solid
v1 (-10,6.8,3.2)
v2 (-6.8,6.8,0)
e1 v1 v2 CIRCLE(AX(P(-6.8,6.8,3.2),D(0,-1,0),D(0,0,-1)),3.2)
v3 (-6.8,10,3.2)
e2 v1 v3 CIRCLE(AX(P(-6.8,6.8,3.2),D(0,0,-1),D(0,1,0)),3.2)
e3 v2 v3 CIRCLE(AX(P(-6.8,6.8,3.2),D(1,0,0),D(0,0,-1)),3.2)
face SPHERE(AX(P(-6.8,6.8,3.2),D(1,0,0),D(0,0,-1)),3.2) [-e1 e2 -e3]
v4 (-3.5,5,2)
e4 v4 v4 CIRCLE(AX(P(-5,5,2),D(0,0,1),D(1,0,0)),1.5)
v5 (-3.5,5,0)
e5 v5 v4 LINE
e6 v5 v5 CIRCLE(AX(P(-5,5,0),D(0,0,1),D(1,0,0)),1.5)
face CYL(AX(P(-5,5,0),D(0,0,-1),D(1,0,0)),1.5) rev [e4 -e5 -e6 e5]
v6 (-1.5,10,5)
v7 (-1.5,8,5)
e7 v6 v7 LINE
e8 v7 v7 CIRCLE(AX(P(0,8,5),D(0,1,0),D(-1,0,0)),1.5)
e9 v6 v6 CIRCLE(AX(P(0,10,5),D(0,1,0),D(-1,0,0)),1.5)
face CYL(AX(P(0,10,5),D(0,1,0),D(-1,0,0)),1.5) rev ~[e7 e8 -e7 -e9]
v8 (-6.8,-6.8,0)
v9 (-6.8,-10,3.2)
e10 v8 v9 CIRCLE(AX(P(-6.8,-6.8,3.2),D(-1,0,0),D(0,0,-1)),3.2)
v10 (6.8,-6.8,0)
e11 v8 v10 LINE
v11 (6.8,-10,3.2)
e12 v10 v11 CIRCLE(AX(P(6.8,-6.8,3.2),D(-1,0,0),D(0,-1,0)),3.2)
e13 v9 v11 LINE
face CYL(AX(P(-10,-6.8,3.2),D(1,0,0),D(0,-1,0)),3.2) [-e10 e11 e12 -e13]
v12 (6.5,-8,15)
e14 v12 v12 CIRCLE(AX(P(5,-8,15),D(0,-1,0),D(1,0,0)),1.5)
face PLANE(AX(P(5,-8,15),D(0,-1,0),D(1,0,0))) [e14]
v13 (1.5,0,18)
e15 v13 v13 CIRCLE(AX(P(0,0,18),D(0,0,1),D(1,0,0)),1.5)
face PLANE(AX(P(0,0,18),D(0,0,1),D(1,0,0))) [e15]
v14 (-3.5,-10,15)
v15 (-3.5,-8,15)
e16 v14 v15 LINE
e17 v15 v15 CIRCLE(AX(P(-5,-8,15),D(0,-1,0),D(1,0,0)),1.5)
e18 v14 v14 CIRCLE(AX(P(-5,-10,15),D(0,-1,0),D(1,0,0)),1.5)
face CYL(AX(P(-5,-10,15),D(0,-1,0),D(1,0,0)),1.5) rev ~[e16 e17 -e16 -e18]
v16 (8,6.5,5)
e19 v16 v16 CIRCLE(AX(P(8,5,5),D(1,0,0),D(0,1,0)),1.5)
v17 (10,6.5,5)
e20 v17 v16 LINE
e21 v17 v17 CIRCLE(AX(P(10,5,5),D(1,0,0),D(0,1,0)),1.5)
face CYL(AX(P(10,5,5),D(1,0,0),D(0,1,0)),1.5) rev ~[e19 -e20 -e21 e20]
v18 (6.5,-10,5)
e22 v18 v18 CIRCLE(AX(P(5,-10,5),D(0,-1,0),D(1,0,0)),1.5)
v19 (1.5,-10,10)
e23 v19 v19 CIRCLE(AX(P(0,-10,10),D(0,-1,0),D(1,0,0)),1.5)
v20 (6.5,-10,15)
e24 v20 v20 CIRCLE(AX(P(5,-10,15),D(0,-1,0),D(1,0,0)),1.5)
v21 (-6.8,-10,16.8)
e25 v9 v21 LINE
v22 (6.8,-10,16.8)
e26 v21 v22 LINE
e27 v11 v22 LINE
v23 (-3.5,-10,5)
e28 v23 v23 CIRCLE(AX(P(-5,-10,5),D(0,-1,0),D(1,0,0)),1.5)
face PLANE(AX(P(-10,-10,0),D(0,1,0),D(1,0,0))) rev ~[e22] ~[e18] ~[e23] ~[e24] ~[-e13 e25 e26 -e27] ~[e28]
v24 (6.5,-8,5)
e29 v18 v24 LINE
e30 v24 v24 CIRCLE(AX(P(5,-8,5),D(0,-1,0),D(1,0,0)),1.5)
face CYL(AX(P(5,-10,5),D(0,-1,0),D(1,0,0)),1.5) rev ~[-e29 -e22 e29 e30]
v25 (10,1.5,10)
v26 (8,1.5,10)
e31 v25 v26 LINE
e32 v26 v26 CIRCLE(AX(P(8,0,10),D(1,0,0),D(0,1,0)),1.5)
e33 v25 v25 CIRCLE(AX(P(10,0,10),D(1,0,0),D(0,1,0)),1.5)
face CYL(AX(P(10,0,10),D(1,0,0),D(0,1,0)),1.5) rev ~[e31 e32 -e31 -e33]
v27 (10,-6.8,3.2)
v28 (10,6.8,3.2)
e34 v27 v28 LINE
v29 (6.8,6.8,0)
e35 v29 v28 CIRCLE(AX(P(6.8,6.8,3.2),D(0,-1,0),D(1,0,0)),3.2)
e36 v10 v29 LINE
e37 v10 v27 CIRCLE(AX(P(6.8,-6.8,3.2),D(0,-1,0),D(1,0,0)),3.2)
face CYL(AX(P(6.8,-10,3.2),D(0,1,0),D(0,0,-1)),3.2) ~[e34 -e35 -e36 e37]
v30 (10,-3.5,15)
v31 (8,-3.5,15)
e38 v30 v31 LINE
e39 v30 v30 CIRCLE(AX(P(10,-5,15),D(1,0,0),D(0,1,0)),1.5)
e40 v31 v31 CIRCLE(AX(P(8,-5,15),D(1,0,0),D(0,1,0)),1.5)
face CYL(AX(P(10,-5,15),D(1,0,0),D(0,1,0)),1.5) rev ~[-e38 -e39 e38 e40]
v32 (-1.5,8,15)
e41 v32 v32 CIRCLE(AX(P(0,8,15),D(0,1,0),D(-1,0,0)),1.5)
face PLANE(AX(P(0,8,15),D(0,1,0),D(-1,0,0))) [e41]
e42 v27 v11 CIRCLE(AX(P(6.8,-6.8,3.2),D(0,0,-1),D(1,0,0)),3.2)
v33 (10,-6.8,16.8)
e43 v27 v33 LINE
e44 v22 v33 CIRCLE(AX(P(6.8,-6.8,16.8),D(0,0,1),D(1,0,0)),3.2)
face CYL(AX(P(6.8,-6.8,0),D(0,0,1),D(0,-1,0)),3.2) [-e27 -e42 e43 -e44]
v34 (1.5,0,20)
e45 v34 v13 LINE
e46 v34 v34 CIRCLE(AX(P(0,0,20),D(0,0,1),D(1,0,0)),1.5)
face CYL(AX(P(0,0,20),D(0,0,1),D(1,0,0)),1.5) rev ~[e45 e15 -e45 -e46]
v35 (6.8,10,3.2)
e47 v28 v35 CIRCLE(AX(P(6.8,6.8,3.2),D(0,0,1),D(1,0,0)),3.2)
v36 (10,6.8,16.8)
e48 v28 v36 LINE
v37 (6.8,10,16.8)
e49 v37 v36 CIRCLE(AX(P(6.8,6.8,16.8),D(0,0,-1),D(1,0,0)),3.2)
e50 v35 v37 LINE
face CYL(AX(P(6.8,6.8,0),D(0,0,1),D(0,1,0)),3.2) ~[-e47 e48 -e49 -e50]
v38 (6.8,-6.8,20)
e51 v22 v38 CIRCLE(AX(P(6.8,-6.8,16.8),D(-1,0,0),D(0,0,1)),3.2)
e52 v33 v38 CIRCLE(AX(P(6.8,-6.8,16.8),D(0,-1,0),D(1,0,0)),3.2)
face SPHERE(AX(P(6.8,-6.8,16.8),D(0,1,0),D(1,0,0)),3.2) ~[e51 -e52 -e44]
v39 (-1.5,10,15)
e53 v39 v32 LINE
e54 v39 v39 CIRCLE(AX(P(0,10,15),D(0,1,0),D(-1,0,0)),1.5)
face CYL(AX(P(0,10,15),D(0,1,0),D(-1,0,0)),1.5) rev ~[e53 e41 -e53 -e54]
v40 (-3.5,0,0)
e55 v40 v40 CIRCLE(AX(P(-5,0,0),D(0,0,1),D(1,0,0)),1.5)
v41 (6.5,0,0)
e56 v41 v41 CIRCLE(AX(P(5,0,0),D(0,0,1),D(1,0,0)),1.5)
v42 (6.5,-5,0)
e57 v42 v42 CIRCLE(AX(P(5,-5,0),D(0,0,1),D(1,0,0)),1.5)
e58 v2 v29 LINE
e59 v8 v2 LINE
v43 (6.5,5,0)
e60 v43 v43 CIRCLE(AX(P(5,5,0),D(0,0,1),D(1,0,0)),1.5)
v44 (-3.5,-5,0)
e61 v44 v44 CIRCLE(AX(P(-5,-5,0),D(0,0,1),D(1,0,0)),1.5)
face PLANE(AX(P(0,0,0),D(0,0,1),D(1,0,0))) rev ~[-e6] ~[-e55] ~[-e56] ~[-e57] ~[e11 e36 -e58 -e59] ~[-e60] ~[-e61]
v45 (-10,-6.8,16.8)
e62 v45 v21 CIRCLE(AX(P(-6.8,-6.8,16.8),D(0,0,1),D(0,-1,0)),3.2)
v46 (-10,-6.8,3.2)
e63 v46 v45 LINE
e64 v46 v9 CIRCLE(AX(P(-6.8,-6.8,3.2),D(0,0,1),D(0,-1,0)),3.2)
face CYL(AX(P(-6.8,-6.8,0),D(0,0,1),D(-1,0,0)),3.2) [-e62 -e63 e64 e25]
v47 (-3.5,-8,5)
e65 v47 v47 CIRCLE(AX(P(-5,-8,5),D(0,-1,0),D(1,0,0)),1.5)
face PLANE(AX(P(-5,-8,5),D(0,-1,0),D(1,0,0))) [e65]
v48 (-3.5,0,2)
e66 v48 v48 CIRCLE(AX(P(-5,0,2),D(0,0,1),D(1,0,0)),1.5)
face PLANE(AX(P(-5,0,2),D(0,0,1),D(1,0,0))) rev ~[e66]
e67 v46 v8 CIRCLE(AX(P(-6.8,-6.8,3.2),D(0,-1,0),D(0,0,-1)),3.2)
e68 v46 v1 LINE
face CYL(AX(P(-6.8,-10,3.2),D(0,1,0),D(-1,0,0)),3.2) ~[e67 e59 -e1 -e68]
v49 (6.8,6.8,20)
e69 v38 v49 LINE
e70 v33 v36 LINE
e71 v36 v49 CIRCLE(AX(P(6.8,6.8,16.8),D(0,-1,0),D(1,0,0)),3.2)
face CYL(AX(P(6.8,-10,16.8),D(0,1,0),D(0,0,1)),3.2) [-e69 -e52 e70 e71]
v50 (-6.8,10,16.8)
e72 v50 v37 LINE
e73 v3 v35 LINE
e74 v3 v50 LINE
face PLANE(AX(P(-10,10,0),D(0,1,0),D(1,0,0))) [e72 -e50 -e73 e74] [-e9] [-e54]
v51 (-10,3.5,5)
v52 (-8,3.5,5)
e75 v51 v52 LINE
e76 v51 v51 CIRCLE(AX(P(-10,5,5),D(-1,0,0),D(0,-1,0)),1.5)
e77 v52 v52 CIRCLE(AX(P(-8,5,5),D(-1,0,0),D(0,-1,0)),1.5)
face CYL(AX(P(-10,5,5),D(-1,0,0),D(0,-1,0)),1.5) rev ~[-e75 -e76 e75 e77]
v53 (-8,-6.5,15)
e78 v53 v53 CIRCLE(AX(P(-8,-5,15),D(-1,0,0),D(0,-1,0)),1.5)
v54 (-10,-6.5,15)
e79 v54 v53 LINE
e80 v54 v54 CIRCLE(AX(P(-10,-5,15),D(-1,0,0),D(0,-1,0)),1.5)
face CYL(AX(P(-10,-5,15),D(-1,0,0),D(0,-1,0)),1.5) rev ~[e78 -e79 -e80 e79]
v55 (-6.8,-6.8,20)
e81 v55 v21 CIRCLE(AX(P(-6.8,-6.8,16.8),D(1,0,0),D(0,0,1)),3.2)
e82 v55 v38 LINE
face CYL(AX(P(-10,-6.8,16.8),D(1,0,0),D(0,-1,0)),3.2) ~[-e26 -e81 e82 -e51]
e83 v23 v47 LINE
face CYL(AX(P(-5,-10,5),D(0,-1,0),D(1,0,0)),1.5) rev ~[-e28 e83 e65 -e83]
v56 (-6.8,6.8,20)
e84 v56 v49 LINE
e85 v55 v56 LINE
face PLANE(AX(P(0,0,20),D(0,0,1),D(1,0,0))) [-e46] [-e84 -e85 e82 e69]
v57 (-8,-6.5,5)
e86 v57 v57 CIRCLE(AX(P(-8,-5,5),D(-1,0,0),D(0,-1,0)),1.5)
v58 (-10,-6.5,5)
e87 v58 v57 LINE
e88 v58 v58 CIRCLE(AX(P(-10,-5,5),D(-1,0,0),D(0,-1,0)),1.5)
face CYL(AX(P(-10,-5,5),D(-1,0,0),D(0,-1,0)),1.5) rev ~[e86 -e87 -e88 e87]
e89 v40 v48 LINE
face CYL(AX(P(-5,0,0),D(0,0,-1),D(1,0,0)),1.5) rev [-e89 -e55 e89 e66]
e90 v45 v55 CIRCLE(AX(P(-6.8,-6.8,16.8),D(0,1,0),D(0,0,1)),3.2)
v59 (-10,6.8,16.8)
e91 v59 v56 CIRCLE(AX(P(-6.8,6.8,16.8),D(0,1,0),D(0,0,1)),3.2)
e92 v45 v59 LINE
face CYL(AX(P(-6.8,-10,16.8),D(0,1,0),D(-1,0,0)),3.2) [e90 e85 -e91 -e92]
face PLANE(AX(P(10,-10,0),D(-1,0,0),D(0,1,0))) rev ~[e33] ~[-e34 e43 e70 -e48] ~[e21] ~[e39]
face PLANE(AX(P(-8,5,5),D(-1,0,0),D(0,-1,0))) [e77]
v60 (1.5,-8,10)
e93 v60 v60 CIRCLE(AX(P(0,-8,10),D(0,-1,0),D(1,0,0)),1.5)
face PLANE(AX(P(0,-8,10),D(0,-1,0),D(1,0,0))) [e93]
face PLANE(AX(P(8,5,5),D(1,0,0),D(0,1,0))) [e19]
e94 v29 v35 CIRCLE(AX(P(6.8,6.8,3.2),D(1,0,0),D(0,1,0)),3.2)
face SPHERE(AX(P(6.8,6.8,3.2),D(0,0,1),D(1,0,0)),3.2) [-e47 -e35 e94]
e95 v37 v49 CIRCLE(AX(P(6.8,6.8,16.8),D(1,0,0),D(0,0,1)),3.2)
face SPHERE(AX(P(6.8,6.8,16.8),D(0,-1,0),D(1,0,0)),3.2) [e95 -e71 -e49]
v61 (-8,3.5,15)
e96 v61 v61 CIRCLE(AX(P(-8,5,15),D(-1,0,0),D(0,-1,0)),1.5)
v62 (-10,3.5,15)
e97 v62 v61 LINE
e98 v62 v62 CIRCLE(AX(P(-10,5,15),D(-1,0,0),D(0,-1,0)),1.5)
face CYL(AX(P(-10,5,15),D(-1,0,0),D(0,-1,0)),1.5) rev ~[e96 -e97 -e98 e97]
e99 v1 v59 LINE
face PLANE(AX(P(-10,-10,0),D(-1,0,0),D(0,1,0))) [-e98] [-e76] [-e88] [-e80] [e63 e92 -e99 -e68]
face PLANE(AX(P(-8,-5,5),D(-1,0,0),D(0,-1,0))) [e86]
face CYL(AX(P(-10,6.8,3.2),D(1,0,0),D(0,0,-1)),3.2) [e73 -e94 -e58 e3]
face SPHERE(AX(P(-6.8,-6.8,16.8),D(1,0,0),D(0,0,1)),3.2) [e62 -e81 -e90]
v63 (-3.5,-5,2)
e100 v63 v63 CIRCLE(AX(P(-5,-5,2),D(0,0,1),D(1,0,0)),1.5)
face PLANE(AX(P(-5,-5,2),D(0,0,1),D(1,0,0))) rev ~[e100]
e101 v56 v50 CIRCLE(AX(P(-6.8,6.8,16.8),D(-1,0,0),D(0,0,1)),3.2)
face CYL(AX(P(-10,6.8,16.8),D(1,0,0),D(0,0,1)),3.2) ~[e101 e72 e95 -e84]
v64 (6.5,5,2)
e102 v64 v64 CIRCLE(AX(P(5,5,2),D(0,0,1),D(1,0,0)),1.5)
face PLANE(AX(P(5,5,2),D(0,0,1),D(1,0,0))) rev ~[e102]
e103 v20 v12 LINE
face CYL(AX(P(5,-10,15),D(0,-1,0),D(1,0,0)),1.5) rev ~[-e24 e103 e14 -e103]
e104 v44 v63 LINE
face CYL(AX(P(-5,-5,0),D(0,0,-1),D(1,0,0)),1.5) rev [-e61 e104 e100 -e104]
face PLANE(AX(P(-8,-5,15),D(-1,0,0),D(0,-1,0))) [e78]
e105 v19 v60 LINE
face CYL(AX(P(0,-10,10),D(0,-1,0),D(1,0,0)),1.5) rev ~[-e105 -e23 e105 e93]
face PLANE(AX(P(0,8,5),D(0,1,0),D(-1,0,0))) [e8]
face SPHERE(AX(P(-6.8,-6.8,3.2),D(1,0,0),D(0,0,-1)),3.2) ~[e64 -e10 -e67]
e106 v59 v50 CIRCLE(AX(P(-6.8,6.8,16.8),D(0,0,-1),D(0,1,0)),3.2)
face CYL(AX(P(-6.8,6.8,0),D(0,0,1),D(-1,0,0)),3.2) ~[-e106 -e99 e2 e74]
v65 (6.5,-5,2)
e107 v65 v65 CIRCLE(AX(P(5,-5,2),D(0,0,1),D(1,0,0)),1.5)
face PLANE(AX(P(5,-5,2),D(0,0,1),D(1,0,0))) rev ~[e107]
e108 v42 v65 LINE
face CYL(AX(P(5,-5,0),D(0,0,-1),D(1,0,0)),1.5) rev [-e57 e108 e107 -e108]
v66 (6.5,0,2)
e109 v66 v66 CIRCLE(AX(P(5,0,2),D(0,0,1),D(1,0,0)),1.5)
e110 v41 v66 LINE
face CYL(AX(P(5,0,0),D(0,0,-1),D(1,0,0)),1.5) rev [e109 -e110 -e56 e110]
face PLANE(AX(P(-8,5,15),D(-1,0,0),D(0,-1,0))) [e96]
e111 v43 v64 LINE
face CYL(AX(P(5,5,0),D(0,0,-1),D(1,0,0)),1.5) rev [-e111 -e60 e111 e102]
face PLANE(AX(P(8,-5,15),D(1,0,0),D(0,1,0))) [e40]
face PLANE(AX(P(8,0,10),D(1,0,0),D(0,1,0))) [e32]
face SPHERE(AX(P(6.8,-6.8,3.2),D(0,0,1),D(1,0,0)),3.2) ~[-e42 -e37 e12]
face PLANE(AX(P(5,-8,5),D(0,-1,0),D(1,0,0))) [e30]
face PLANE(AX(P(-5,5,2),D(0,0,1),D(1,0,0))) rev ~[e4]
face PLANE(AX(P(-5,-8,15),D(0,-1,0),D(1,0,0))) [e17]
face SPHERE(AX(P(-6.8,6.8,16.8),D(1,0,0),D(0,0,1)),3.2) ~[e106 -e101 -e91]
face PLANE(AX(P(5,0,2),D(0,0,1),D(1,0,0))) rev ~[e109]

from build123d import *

# Parameters (mm, degrees)
F0_W      = 20
F0_H      = 20
F1_DEPTH  = 20
F2_R      = 1.5
F3_DEPTH  = 2
F4_R      = 1.5
F5_DEPTH  = 2
F6_R      = 1.5
F7_DEPTH  = 2
F8_R      = 1.5
F9_DEPTH  = 2
F10_R     = 1.5
F11_DEPTH = 2
F12_R     = 1.5
F13_DEPTH = 2
F14_R     = 3.2


with BuildPart() as f1:
    # F0 (on Top) → F1 (new body)
    with BuildSketch(Plane.XY):
        Rectangle(F0_W, F0_H)
    extrude(amount=F1_DEPTH)

    # F2 (on face) → F3 (cut)
    with BuildSketch(Plane.XY):
        with Locations((-5, 5)):
            Circle(F2_R)
        with Locations((5, 5)):
            Circle(F2_R)
        with Locations((-5, 0)):
            Circle(F2_R)
        with Locations((5, 0)):
            Circle(F2_R)
        with Locations((-5, -5)):
            Circle(F2_R)
        with Locations((5, -5)):
            Circle(F2_R)
    extrude(amount=F3_DEPTH, mode=Mode.SUBTRACT)

    # F4 (on face) → F5 (cut)
    with BuildSketch(Plane.XY.offset(20)):
        Circle(F4_R)
    extrude(amount=-F5_DEPTH, mode=Mode.SUBTRACT)

    # F6 (on face) → F7 (cut)
    with BuildSketch(Plane.XZ.offset(10)):
        with Locations((0, 10)):
            Circle(F6_R)
        with Locations((-5, 5)):
            Circle(F6_R)
        with Locations((-5, 15)):
            Circle(F6_R)
        with Locations((5, 5)):
            Circle(F6_R)
        with Locations((5, 15)):
            Circle(F6_R)
    extrude(amount=-F7_DEPTH, mode=Mode.SUBTRACT)

    # F8 (on face) → F9 (cut)
    with BuildSketch(Plane(origin=(-10, 0, 0), x_dir=(0, -1, 0), z_dir=(-1, 0, 0))):
        with Locations((-5, 5)):
            Circle(F8_R)
        with Locations((-5, 15)):
            Circle(F8_R)
        with Locations((5, 5)):
            Circle(F8_R)
        with Locations((5, 15)):
            Circle(F8_R)
    extrude(amount=-F9_DEPTH, mode=Mode.SUBTRACT)

    # F10 (on face) → F11 (cut)
    with BuildSketch(Plane.YZ.offset(10)):
        with Locations((5, 5)):
            Circle(F10_R)
        with Locations((0, 10)):
            Circle(F10_R)
        with Locations((-5, 15)):
            Circle(F10_R)
    extrude(amount=-F11_DEPTH, mode=Mode.SUBTRACT)

    # F12 (on face) → F13 (cut)
    with BuildSketch(Plane(origin=(0, 10, 0), x_dir=(-1, 0, 0), z_dir=(0, 1, 0))):
        with Locations((0, 5)):
            Circle(F12_R)
        with Locations((0, 15)):
            Circle(F12_R)
    extrude(amount=-F13_DEPTH, mode=Mode.SUBTRACT)

    # F14
    f14_edges = [f1.edges().sort_by_distance(p)[0] for p in [
        (10, 0, 20),
        (10, 10, 10),
        (0, 10, 20),
        (10, -10, 10),
        (10, 0, 0),
        (0, 10, 0),
        (0, -10, 20),
        (-10, 0, 20),
        (0, -10, 0),
        (-10, 0, 0),
        (-10, -10, 10),
        (-10, 10, 10),
    ]]
    fillet(f14_edges, radius=F14_R)


solid = f1.part
